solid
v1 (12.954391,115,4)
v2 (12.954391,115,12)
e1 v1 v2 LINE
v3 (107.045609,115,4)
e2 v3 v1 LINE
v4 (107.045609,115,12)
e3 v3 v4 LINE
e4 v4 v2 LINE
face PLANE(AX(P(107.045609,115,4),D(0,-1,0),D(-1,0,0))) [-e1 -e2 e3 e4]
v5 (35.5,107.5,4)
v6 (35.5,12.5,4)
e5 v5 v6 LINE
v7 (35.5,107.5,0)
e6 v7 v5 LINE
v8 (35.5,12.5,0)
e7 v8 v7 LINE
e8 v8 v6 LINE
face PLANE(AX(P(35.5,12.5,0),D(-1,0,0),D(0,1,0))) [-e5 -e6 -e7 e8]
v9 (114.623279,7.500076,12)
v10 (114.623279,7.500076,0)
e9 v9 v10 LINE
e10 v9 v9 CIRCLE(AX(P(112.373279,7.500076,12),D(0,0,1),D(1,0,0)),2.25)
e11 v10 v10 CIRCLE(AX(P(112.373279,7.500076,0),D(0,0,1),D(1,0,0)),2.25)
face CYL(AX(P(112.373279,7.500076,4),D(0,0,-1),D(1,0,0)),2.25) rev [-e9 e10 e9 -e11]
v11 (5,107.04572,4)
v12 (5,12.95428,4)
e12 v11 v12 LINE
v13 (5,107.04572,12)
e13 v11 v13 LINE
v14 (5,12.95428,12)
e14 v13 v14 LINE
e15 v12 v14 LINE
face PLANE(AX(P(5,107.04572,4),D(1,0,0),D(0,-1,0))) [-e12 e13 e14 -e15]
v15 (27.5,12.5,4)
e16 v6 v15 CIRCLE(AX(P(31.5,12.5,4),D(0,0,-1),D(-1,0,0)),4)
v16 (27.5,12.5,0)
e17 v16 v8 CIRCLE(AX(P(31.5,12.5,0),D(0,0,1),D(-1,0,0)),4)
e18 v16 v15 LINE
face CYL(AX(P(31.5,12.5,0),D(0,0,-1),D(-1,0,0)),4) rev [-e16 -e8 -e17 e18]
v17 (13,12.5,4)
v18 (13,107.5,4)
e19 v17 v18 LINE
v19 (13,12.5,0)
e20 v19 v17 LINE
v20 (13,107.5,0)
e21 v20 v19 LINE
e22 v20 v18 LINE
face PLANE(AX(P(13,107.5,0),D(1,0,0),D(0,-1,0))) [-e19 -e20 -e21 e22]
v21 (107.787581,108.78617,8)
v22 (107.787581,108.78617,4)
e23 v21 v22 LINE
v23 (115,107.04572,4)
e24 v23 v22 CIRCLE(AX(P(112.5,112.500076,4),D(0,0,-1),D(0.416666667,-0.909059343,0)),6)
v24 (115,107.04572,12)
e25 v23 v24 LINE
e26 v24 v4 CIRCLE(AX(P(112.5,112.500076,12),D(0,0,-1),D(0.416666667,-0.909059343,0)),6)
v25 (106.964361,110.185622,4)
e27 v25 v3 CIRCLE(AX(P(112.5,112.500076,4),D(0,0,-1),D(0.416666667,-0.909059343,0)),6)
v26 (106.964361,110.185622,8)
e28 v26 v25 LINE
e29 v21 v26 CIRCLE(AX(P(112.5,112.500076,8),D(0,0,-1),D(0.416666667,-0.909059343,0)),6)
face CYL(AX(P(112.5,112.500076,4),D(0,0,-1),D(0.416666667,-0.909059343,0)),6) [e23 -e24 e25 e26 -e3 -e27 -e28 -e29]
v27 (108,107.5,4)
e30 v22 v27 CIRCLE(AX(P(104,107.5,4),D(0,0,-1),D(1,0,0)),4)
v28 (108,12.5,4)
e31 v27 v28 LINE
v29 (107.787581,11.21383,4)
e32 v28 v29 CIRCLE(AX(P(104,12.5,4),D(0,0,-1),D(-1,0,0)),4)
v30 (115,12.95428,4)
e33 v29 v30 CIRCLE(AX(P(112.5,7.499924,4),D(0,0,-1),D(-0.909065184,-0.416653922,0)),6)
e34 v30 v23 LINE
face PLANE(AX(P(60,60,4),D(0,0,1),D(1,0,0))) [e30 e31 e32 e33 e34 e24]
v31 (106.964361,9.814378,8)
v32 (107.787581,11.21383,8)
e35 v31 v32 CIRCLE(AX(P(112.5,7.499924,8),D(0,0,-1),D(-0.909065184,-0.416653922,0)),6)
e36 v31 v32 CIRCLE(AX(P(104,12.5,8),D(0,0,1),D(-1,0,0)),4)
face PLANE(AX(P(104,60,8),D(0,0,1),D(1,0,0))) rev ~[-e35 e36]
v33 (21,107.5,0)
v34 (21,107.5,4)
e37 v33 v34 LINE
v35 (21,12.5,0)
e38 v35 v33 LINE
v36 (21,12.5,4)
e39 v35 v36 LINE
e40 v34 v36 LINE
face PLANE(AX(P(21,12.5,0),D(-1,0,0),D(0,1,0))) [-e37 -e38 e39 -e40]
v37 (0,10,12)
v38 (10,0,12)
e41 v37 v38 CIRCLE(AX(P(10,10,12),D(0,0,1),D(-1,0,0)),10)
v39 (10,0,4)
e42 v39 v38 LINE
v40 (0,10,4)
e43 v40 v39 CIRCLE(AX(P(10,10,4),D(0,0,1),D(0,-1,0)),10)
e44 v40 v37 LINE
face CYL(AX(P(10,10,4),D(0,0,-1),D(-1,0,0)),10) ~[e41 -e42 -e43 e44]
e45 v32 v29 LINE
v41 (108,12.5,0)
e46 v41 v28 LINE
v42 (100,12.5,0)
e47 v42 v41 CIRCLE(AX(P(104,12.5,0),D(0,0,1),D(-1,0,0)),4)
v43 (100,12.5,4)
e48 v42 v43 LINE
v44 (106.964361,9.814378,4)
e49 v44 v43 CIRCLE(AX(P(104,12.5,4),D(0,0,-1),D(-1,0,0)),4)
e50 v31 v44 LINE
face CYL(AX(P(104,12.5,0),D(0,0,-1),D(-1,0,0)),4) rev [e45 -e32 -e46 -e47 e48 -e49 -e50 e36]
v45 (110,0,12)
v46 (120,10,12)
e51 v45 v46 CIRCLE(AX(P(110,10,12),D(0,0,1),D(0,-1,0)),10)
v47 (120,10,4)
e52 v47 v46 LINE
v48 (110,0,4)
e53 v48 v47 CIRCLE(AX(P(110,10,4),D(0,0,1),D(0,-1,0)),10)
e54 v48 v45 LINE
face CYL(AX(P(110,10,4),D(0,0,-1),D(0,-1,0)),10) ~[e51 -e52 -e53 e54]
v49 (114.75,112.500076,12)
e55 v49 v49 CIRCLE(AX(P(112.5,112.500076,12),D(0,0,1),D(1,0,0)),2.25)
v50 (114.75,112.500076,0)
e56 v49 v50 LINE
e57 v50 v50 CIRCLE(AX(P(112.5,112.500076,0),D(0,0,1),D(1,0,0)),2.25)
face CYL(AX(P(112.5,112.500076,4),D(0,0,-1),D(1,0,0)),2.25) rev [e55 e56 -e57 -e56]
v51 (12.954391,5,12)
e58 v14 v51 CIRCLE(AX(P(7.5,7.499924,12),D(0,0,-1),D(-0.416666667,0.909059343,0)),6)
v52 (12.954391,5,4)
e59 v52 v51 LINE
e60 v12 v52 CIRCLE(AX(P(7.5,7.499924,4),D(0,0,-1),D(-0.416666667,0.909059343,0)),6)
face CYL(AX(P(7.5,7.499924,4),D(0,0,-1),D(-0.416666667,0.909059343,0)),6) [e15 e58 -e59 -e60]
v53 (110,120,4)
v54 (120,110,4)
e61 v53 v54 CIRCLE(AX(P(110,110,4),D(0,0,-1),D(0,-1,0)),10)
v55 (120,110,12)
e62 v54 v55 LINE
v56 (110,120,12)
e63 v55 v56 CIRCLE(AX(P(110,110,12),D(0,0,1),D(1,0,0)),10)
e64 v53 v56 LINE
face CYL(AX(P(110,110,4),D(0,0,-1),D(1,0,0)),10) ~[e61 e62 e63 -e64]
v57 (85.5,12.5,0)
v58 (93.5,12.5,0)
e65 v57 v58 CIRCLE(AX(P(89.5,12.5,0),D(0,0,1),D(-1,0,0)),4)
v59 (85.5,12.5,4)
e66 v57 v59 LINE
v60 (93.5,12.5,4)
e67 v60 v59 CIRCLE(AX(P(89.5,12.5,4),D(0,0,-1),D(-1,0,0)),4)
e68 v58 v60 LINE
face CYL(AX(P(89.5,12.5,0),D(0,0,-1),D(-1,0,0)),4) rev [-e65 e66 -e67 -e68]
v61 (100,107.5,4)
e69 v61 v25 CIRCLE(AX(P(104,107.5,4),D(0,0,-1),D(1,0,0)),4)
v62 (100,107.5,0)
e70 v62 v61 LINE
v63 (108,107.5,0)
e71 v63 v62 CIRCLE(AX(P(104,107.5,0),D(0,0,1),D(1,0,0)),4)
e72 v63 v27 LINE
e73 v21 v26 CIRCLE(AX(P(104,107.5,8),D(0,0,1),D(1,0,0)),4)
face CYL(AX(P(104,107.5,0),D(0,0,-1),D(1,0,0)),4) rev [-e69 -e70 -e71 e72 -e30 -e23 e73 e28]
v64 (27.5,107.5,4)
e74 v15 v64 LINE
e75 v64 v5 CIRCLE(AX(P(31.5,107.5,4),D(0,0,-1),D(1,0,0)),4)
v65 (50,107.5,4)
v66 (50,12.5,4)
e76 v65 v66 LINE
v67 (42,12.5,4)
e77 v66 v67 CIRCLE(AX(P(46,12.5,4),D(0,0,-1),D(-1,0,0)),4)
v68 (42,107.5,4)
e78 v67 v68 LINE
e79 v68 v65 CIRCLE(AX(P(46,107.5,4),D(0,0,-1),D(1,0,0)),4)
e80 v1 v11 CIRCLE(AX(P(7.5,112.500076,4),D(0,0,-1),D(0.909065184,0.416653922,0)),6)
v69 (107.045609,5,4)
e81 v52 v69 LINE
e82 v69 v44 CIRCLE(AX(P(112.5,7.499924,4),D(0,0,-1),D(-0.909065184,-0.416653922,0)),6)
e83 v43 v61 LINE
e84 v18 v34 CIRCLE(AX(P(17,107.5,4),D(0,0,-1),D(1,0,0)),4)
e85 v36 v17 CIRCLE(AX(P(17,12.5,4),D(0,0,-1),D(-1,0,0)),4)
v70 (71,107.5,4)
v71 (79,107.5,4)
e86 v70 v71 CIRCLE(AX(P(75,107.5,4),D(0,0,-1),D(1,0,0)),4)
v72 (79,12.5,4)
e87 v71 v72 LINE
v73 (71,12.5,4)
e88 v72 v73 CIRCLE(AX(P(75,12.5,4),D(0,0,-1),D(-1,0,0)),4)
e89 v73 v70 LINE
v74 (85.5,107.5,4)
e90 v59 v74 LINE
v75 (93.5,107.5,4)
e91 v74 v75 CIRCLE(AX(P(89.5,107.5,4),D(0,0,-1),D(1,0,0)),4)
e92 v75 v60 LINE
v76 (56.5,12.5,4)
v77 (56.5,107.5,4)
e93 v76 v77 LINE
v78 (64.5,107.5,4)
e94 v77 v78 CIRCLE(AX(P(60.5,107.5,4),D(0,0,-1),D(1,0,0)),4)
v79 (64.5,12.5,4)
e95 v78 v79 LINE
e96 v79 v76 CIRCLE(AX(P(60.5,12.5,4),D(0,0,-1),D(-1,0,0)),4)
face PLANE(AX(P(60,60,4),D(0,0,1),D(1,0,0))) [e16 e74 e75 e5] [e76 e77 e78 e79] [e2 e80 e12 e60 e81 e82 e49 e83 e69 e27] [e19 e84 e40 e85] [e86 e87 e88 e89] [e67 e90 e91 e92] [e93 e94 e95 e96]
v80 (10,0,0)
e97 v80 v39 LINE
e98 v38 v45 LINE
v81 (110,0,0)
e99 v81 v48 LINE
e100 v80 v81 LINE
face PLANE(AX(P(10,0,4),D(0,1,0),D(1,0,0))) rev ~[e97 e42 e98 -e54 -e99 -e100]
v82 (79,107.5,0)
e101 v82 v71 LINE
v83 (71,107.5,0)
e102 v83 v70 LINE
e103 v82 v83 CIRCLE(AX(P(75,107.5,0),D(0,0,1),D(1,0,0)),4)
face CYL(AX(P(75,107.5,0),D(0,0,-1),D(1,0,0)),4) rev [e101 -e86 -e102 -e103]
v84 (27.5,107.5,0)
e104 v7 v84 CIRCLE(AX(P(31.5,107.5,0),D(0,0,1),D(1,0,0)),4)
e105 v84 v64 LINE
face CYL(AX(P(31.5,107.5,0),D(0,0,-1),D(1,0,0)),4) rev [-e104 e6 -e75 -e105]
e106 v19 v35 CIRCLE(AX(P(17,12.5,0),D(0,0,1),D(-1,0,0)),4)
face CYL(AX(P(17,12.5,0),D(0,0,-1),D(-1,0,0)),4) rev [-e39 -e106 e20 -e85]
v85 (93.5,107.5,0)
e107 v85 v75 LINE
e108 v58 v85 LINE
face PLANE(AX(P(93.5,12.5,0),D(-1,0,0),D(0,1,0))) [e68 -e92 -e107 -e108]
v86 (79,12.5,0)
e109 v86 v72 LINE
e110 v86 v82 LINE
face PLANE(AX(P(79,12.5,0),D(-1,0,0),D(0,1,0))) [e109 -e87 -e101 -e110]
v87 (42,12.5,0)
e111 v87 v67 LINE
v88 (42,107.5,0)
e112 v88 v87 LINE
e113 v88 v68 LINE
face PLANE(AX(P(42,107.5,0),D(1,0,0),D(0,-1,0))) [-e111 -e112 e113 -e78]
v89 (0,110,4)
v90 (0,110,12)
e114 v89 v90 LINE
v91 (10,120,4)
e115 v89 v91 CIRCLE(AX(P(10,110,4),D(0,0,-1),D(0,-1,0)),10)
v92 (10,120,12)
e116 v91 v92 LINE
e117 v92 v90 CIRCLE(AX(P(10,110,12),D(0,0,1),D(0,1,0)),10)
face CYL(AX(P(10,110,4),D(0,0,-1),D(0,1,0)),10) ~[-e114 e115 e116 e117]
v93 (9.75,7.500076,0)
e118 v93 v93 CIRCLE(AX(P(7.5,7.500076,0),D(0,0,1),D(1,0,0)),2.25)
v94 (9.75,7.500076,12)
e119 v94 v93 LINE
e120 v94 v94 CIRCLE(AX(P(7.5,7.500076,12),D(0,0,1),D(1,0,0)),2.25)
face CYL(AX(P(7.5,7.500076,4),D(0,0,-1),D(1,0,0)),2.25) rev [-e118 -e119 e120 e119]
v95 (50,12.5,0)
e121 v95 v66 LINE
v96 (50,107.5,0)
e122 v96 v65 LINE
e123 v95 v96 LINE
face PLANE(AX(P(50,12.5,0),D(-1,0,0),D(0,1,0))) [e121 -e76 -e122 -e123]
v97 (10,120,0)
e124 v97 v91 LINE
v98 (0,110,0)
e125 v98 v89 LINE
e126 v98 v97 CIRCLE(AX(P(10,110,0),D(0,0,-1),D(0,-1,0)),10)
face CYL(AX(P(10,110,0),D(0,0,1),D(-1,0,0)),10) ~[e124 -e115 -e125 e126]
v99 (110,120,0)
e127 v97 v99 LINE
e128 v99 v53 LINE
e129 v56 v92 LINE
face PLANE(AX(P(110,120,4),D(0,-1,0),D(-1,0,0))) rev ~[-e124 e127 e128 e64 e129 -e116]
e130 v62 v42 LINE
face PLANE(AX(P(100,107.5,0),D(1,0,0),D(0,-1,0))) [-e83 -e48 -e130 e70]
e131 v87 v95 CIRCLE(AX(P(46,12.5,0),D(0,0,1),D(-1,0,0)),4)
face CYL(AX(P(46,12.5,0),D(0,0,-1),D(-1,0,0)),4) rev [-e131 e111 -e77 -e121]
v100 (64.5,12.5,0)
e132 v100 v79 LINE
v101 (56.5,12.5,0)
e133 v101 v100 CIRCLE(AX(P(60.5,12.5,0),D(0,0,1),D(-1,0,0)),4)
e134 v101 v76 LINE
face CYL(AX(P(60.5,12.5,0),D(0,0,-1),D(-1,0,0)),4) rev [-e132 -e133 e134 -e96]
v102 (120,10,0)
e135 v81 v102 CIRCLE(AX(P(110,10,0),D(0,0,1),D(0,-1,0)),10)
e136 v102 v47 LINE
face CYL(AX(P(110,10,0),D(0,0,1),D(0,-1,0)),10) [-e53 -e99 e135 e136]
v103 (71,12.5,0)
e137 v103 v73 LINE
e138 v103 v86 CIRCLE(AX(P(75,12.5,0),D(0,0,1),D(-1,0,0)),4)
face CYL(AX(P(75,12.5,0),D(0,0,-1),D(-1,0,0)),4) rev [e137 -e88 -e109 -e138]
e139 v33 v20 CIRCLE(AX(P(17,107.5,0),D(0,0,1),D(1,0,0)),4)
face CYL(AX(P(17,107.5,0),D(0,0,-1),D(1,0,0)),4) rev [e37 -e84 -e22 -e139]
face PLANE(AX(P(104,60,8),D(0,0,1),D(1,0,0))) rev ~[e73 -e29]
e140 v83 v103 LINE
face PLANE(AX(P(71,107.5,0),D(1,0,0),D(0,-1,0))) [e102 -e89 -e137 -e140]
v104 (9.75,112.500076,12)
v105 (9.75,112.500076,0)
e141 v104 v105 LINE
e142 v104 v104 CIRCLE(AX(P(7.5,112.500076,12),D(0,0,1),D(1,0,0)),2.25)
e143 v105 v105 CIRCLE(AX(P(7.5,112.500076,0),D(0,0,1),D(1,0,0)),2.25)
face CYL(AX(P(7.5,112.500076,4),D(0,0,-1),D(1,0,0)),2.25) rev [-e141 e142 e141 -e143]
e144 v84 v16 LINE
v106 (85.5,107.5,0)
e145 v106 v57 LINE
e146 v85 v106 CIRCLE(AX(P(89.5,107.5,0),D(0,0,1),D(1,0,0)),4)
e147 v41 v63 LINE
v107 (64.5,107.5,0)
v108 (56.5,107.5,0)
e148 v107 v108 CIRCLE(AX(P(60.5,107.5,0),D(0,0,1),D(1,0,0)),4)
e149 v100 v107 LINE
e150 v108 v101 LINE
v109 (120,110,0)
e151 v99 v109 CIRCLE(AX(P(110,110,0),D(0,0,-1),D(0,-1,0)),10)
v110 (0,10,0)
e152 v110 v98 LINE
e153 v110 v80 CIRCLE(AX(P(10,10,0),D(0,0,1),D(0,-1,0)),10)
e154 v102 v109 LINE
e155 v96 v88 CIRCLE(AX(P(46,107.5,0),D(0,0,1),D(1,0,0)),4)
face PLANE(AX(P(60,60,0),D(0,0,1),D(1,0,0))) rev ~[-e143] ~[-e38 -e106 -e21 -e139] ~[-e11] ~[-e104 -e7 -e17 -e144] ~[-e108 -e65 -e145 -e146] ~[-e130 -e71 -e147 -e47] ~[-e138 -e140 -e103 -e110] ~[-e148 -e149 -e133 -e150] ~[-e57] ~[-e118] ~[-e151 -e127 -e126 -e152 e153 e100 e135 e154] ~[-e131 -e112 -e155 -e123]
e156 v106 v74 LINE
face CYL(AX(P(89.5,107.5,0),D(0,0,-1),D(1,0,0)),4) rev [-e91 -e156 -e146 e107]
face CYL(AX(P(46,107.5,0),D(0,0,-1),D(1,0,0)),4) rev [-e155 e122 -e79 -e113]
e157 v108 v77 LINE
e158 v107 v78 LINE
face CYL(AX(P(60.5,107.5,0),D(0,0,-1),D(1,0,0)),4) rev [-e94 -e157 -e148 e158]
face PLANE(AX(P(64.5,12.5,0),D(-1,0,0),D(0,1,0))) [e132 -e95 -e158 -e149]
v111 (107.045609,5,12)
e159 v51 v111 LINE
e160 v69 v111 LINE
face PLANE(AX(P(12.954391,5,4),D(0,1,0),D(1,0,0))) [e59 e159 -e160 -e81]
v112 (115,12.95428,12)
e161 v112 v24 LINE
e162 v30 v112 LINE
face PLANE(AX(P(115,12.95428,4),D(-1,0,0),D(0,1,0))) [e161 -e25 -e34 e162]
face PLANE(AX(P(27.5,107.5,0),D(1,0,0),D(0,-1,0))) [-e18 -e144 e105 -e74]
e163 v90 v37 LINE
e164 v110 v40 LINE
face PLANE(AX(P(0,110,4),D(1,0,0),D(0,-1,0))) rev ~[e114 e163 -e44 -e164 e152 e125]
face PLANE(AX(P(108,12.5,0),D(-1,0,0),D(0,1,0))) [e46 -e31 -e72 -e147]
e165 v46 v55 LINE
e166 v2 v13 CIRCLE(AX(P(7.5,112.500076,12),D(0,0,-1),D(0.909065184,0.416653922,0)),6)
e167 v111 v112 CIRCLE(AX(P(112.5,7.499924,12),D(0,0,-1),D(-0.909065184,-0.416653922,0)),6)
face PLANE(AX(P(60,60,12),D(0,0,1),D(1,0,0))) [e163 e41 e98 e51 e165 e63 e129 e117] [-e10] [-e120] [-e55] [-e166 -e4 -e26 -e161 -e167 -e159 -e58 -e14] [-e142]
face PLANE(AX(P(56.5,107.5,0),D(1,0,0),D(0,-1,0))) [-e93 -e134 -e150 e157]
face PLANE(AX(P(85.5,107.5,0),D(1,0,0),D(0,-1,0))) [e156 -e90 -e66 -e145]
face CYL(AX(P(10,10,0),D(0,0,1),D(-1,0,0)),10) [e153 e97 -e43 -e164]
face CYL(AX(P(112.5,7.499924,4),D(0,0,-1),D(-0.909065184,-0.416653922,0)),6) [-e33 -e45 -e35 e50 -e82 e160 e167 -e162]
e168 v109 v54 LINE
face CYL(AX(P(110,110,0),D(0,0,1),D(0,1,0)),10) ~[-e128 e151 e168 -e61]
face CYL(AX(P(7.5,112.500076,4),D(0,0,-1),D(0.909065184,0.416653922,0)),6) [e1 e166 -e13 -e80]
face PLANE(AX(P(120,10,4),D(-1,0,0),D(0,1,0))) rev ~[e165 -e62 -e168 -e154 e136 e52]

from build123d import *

# Parameters (mm, degrees)
SKETCH1_W           = 120
SKETCH1_H           = 120
SKETCH1_R           = 2.25
BOSS_EXTRUDE1_DEPTH = 4
FILLET1_R           = 10
SKETCH2_R           = 2.25
BOSS_EXTRUDE2_DEPTH = 8
CUT_EXTRUDE1_DEPTH  = 8


with BuildPart() as part:
    # Sketch1 → Boss-Extrude1 (new body)
    with BuildSketch(Plane.XY):
        with Locations((60, 60)):
            Rectangle(SKETCH1_W, SKETCH1_H)
        with Locations((7.5, 112.500076468)):
            Circle(SKETCH1_R, mode=Mode.SUBTRACT)
        with Locations((112.5, 112.500076468)):
            Circle(SKETCH1_R, mode=Mode.SUBTRACT)
        with Locations((7.5, 7.500076468)):
            Circle(SKETCH1_R, mode=Mode.SUBTRACT)
        with Locations((112.373278687, 7.500076468)):
            Circle(SKETCH1_R, mode=Mode.SUBTRACT)
    extrude(amount=BOSS_EXTRUDE1_DEPTH)

    # Fillet1
    fillet1_edges = [part.edges().sort_by_distance(p)[0] for p in [
        (0, 120, 2),
        (120, 120, 2),
        (120, 0, 2),
        (0, 0, 2),
    ]]
    fillet(fillet1_edges, radius=FILLET1_R)

    # Sketch2 → Boss-Extrude2 (add)
    with BuildSketch(Plane.XY.offset(4)):
        with BuildLine():
            Line((0, 110), (0, 10))
            ThreePointArc((0, 10), (2.928932188, 2.928932188), (10, 0))
            Line((10, 0), (110, 0))
            ThreePointArc((110, 0), (117.071067812, 2.928932188), (120, 10))
            Line((120, 10), (120, 110))
            ThreePointArc((120, 110), (117.071067812, 117.071067812), (110, 120))
            Line((110, 120), (10, 120))
            ThreePointArc((10, 120), (2.928932188, 117.071067812), (0, 110))
        make_face()
        with Locations((7.5, 7.500076468)):
            Circle(SKETCH2_R, mode=Mode.SUBTRACT)
        with Locations((112.373278687, 7.500076468)):
            Circle(SKETCH2_R, mode=Mode.SUBTRACT)
        with Locations((112.5, 112.500076468)):
            Circle(SKETCH2_R, mode=Mode.SUBTRACT)
        with Locations((7.5, 112.500076468)):
            Circle(SKETCH2_R, mode=Mode.SUBTRACT)
        with BuildLine():
            Line((5, 107.045720411), (5, 12.954279589))
            ThreePointArc((5, 12.954279589), (11.742610947, 11.742593959), (12.954391106, 5))
            Line((12.954391106, 5), (107.045608894, 5))
            ThreePointArc((107.045608894, 5), (108.257389053, 11.742593959), (115, 12.954279589))
            Line((115, 12.954279589), (115, 107.045720411))
            ThreePointArc((115, 107.045720411), (108.257389053, 108.257406041), (107.045608894, 115))
            Line((107.045608894, 115), (12.954391106, 115))
            ThreePointArc((12.954391106, 115), (11.742610947, 108.257406041), (5, 107.045720411))
        make_face(mode=Mode.SUBTRACT)
    extrude(amount=BOSS_EXTRUDE2_DEPTH)

    # Sketch3 → Cut-Extrude1 (cut)
    with BuildSketch(Plane(origin=(0, 0, 0), x_dir=(-1, 0, 0), z_dir=(0, 0, -1))):
        with BuildLine():
            Line((-100, 107.5), (-100, 12.5))
            ThreePointArc((-100, 12.5), (-104, 8.5), (-108, 12.5))
            Line((-108, 12.5), (-108, 107.5))
            ThreePointArc((-108, 107.5), (-104, 111.5), (-100, 107.5))
        make_face()
        with BuildLine():
            Line((-85.5, 107.5), (-85.5, 12.5))
            ThreePointArc((-85.5, 12.5), (-89.5, 8.5), (-93.5, 12.5))
            Line((-93.5, 12.5), (-93.5, 107.5))
            ThreePointArc((-93.5, 107.5), (-89.5, 111.5), (-85.5, 107.5))
        make_face()
        with BuildLine():
            Line((-71, 107.5), (-71, 12.5))
            ThreePointArc((-71, 12.5), (-75, 8.5), (-79, 12.5))
            Line((-79, 12.5), (-79, 107.5))
            ThreePointArc((-79, 107.5), (-75, 111.5), (-71, 107.5))
        make_face()
        with BuildLine():
            Line((-56.5, 107.5), (-56.5, 12.5))
            ThreePointArc((-56.5, 12.5), (-60.5, 8.5), (-64.5, 12.5))
            Line((-64.5, 12.5), (-64.5, 107.5))
            ThreePointArc((-64.5, 107.5), (-60.5, 111.5), (-56.5, 107.5))
        make_face()
        with BuildLine():
            Line((-42, 107.5), (-42, 12.5))
            ThreePointArc((-42, 12.5), (-46, 8.5), (-50, 12.5))
            Line((-50, 12.5), (-50, 107.5))
            ThreePointArc((-50, 107.5), (-46, 111.5), (-42, 107.5))
        make_face()
        with BuildLine():
            Line((-27.5, 107.5), (-27.5, 12.5))
            ThreePointArc((-27.5, 12.5), (-31.5, 8.5), (-35.5, 12.5))
            Line((-35.5, 12.5), (-35.5, 107.5))
            ThreePointArc((-35.5, 107.5), (-31.5, 111.5), (-27.5, 107.5))
        make_face()
        with BuildLine():
            Line((-13, 107.5), (-13, 12.5))
            ThreePointArc((-13, 12.5), (-17, 8.5), (-21, 12.5))
            Line((-21, 12.5), (-21, 107.5))
            ThreePointArc((-21, 107.5), (-17, 111.5), (-13, 107.5))
        make_face()
    extrude(amount=-CUT_EXTRUDE1_DEPTH, mode=Mode.SUBTRACT)


solid = part.part
